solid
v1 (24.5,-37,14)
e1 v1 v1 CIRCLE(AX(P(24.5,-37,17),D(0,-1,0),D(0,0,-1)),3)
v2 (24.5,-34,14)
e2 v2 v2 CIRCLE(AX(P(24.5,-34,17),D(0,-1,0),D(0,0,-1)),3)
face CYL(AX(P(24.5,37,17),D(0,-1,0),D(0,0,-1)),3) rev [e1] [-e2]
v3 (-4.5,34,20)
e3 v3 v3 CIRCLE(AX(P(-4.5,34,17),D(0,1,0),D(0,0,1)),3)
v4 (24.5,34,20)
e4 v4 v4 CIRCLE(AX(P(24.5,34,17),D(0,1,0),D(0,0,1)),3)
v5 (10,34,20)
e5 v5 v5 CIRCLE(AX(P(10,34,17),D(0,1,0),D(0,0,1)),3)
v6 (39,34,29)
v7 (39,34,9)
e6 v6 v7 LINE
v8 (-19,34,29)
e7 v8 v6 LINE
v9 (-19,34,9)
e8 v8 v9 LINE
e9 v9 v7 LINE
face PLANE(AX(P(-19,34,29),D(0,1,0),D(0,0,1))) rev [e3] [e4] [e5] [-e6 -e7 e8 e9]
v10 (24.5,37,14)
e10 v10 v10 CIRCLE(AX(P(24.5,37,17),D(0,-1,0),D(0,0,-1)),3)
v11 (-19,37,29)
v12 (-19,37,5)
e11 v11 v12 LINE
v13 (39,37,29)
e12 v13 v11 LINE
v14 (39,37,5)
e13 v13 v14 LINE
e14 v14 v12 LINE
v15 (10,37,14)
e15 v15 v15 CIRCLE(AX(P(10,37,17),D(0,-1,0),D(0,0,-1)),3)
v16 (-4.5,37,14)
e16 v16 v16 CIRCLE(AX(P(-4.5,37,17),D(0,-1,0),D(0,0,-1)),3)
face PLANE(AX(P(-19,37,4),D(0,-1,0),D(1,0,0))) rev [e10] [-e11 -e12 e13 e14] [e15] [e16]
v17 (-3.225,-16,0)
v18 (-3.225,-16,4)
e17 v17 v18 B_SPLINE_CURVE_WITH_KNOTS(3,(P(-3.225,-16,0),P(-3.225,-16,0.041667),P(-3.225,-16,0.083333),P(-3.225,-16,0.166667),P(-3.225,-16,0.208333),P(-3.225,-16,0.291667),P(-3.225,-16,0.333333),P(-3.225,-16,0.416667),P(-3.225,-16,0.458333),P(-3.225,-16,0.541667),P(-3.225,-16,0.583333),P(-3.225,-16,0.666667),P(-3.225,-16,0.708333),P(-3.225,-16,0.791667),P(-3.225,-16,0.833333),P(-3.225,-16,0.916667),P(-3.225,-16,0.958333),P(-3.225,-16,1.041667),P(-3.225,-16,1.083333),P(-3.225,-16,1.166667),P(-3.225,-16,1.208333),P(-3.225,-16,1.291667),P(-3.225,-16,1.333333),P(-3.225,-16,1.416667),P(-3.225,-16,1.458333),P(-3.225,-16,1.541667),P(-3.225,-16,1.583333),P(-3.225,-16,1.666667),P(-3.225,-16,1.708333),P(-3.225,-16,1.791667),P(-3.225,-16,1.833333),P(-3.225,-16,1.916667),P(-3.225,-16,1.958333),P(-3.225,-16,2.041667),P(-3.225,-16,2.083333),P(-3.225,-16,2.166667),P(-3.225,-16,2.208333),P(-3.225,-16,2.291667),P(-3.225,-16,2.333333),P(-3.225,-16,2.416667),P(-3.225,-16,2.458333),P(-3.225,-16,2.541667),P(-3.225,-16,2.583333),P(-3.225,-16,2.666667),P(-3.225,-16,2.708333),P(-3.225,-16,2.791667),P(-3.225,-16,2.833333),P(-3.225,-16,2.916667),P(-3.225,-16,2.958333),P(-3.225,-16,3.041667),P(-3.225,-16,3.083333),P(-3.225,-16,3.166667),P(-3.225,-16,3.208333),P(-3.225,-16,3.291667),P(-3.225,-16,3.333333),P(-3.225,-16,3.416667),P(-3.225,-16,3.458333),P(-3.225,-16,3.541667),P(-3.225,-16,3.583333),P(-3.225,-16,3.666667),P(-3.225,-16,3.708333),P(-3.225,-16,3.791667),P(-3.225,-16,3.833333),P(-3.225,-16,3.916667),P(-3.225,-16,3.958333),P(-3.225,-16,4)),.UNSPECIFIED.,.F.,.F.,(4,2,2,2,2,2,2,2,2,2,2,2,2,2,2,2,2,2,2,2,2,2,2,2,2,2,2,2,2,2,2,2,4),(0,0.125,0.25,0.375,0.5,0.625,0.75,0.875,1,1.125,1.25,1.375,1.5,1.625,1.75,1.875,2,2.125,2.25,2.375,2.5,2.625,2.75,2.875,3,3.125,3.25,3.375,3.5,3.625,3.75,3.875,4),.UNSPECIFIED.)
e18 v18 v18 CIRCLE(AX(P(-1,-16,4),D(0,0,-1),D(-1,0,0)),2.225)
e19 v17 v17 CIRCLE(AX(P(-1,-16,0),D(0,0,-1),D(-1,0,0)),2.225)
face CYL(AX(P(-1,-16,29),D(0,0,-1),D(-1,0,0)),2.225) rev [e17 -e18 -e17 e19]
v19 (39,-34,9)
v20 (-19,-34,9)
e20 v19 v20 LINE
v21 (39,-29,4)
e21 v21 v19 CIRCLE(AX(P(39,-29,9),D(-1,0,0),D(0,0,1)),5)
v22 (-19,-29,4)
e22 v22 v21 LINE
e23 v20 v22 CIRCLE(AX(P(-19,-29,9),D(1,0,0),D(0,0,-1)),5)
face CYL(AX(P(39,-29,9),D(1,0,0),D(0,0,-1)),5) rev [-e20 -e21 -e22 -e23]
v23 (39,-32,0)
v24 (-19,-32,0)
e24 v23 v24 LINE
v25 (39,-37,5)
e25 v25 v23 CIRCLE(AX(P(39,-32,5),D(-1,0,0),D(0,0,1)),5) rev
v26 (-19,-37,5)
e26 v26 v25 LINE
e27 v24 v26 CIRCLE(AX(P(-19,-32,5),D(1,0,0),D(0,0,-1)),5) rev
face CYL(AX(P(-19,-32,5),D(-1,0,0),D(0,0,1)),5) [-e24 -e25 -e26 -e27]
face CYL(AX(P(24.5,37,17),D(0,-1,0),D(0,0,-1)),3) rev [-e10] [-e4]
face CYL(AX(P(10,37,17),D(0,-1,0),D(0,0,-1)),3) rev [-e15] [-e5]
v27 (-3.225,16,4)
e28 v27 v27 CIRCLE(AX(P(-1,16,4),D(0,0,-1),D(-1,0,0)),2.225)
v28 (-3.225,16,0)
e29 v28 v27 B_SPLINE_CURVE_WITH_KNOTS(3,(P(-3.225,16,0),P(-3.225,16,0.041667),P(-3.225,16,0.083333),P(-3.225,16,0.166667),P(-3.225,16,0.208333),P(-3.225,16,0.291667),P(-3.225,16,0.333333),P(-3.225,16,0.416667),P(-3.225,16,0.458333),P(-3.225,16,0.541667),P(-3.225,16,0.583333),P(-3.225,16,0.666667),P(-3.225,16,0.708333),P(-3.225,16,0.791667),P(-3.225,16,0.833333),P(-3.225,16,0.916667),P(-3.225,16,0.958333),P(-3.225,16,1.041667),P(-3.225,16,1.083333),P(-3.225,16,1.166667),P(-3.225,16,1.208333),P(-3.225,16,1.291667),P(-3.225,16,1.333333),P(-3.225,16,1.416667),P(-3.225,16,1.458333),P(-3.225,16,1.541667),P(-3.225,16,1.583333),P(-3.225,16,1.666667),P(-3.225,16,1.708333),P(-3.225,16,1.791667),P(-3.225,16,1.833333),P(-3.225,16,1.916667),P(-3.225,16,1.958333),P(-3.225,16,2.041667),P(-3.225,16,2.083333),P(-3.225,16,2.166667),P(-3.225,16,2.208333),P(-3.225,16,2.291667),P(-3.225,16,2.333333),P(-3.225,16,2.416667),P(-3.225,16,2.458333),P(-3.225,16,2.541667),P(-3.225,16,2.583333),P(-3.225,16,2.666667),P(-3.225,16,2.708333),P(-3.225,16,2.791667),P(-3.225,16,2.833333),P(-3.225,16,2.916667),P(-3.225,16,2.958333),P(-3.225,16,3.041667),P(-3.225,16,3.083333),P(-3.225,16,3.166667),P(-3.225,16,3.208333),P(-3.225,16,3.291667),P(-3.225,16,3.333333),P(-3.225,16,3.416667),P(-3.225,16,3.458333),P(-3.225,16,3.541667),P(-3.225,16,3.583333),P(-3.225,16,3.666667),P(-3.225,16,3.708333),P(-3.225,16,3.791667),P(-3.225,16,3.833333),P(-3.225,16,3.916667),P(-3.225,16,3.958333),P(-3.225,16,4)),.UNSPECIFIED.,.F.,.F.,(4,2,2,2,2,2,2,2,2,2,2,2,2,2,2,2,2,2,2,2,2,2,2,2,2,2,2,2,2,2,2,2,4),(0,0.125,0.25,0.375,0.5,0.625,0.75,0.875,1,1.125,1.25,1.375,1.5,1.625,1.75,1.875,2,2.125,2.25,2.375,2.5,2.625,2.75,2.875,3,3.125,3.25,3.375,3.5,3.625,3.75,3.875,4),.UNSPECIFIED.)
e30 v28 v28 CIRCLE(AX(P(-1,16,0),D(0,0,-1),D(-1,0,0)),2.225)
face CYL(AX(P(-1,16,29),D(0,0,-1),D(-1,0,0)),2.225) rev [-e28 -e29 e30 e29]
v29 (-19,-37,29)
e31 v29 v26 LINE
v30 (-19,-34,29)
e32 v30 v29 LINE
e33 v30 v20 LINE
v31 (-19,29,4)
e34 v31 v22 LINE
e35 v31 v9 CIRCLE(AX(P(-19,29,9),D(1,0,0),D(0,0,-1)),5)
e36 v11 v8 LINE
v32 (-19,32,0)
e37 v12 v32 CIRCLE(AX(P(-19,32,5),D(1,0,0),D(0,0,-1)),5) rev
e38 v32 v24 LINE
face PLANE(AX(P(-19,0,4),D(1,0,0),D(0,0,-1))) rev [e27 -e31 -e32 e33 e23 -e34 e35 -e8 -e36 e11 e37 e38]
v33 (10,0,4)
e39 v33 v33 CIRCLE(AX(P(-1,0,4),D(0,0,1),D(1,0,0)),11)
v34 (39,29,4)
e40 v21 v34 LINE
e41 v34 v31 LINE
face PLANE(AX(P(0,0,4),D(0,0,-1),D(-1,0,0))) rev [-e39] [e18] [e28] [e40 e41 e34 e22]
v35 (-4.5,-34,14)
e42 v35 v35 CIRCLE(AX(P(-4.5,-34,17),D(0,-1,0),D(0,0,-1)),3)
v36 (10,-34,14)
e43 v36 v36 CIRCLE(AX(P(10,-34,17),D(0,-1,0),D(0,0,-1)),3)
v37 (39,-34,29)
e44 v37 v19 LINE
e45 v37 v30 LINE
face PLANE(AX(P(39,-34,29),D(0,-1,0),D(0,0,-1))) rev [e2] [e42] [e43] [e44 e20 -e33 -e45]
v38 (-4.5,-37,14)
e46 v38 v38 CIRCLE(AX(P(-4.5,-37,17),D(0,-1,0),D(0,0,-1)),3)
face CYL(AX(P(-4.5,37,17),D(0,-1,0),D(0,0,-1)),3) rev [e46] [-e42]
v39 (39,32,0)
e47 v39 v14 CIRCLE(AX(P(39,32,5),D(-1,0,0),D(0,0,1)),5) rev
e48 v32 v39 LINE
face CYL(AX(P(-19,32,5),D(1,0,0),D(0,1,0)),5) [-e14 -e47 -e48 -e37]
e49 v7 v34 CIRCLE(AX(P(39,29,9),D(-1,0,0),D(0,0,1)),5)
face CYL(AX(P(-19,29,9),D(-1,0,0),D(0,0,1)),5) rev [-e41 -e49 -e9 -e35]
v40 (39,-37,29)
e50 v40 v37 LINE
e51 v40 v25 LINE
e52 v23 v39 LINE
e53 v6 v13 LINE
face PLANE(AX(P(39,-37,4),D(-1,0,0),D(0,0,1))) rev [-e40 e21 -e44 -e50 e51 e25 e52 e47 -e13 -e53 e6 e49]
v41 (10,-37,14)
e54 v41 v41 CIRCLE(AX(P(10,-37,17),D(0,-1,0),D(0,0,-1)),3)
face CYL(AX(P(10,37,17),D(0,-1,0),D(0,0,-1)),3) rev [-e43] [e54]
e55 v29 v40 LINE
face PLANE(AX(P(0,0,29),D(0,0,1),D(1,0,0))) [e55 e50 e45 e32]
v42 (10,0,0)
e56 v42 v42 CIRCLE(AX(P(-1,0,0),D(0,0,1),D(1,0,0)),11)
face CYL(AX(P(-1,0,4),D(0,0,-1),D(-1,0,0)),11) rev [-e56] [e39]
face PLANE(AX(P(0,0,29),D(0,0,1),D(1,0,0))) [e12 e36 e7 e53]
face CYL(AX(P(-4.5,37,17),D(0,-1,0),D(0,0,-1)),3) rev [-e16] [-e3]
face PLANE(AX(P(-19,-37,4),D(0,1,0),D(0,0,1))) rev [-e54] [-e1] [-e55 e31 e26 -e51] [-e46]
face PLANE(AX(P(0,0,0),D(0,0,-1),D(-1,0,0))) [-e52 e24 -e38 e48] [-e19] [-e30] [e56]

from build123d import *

# Parameters (mm, degrees)
SKETCH3_R           = 11
BOSS_EXTRUDE1_DEPTH = 4
SKETCH5_W           = 58
SKETCH5_H           = 3
BOSS_EXTRUDE2_DEPTH = 25
FILLET1_R           = 5
SKETCH6_R           = 3
CUT_EXTRUDE1_DEPTH  = 89.532479916
SKETCH7_R           = 2.225
CUT_EXTRUDE2_DEPTH  = 62.081912216


with BuildPart() as part:
    # Sketch3 → Boss-Extrude1 (new body)
    with BuildSketch(Plane.XY):
        Polygon((-19, 37), (39, 37), (39, 0), (39, -37), (-19, -37), (-19, 0), align=None)
        with Locations((-1, 0)):
            Circle(SKETCH3_R, mode=Mode.SUBTRACT)
    extrude(amount=BOSS_EXTRUDE1_DEPTH)

    # Sketch5 → Boss-Extrude2 (add)
    with BuildSketch(Plane.XY.offset(4)):
        with Locations((10, 35.5)):
            Rectangle(SKETCH5_W, SKETCH5_H)
        with Locations((10, -35.5)):
            Rectangle(SKETCH5_W, SKETCH5_H)
    extrude(amount=BOSS_EXTRUDE2_DEPTH)

    # Fillet1
    fillet1_edges = [part.edges().sort_by_distance(p)[0] for p in [
        (10, 34, 4),
        (10, -34, 4),
        (10, -37, 0),
        (10, 37, 0),
    ]]
    fillet(fillet1_edges, radius=FILLET1_R)

    # Sketch6 → Cut-Extrude1 (cut, through all)
    with BuildSketch(Plane.XZ.offset(37)):
        with Locations(Location((24.5, 17, 0), (0, 0, 270))):
            Circle(SKETCH6_R)
        with Locations(Location((-4.5, 17, 0), (0, 0, 270))):
            Circle(SKETCH6_R)
        with Locations(Location((10, 17, 0), (0, 0, 270))):
            Circle(SKETCH6_R)
    extrude(amount=-CUT_EXTRUDE1_DEPTH, mode=Mode.SUBTRACT)

    # Sketch7 → Cut-Extrude2 (cut, through all)
    with BuildSketch(Plane(origin=(0, 0, 0), x_dir=(-1, 0, 0), z_dir=(0, 0, -1))):
        with Locations((1, -16)):
            Circle(SKETCH7_R)
        with Locations((1, 16)):
            Circle(SKETCH7_R)
    extrude(amount=-CUT_EXTRUDE2_DEPTH, mode=Mode.SUBTRACT)


solid = part.part
